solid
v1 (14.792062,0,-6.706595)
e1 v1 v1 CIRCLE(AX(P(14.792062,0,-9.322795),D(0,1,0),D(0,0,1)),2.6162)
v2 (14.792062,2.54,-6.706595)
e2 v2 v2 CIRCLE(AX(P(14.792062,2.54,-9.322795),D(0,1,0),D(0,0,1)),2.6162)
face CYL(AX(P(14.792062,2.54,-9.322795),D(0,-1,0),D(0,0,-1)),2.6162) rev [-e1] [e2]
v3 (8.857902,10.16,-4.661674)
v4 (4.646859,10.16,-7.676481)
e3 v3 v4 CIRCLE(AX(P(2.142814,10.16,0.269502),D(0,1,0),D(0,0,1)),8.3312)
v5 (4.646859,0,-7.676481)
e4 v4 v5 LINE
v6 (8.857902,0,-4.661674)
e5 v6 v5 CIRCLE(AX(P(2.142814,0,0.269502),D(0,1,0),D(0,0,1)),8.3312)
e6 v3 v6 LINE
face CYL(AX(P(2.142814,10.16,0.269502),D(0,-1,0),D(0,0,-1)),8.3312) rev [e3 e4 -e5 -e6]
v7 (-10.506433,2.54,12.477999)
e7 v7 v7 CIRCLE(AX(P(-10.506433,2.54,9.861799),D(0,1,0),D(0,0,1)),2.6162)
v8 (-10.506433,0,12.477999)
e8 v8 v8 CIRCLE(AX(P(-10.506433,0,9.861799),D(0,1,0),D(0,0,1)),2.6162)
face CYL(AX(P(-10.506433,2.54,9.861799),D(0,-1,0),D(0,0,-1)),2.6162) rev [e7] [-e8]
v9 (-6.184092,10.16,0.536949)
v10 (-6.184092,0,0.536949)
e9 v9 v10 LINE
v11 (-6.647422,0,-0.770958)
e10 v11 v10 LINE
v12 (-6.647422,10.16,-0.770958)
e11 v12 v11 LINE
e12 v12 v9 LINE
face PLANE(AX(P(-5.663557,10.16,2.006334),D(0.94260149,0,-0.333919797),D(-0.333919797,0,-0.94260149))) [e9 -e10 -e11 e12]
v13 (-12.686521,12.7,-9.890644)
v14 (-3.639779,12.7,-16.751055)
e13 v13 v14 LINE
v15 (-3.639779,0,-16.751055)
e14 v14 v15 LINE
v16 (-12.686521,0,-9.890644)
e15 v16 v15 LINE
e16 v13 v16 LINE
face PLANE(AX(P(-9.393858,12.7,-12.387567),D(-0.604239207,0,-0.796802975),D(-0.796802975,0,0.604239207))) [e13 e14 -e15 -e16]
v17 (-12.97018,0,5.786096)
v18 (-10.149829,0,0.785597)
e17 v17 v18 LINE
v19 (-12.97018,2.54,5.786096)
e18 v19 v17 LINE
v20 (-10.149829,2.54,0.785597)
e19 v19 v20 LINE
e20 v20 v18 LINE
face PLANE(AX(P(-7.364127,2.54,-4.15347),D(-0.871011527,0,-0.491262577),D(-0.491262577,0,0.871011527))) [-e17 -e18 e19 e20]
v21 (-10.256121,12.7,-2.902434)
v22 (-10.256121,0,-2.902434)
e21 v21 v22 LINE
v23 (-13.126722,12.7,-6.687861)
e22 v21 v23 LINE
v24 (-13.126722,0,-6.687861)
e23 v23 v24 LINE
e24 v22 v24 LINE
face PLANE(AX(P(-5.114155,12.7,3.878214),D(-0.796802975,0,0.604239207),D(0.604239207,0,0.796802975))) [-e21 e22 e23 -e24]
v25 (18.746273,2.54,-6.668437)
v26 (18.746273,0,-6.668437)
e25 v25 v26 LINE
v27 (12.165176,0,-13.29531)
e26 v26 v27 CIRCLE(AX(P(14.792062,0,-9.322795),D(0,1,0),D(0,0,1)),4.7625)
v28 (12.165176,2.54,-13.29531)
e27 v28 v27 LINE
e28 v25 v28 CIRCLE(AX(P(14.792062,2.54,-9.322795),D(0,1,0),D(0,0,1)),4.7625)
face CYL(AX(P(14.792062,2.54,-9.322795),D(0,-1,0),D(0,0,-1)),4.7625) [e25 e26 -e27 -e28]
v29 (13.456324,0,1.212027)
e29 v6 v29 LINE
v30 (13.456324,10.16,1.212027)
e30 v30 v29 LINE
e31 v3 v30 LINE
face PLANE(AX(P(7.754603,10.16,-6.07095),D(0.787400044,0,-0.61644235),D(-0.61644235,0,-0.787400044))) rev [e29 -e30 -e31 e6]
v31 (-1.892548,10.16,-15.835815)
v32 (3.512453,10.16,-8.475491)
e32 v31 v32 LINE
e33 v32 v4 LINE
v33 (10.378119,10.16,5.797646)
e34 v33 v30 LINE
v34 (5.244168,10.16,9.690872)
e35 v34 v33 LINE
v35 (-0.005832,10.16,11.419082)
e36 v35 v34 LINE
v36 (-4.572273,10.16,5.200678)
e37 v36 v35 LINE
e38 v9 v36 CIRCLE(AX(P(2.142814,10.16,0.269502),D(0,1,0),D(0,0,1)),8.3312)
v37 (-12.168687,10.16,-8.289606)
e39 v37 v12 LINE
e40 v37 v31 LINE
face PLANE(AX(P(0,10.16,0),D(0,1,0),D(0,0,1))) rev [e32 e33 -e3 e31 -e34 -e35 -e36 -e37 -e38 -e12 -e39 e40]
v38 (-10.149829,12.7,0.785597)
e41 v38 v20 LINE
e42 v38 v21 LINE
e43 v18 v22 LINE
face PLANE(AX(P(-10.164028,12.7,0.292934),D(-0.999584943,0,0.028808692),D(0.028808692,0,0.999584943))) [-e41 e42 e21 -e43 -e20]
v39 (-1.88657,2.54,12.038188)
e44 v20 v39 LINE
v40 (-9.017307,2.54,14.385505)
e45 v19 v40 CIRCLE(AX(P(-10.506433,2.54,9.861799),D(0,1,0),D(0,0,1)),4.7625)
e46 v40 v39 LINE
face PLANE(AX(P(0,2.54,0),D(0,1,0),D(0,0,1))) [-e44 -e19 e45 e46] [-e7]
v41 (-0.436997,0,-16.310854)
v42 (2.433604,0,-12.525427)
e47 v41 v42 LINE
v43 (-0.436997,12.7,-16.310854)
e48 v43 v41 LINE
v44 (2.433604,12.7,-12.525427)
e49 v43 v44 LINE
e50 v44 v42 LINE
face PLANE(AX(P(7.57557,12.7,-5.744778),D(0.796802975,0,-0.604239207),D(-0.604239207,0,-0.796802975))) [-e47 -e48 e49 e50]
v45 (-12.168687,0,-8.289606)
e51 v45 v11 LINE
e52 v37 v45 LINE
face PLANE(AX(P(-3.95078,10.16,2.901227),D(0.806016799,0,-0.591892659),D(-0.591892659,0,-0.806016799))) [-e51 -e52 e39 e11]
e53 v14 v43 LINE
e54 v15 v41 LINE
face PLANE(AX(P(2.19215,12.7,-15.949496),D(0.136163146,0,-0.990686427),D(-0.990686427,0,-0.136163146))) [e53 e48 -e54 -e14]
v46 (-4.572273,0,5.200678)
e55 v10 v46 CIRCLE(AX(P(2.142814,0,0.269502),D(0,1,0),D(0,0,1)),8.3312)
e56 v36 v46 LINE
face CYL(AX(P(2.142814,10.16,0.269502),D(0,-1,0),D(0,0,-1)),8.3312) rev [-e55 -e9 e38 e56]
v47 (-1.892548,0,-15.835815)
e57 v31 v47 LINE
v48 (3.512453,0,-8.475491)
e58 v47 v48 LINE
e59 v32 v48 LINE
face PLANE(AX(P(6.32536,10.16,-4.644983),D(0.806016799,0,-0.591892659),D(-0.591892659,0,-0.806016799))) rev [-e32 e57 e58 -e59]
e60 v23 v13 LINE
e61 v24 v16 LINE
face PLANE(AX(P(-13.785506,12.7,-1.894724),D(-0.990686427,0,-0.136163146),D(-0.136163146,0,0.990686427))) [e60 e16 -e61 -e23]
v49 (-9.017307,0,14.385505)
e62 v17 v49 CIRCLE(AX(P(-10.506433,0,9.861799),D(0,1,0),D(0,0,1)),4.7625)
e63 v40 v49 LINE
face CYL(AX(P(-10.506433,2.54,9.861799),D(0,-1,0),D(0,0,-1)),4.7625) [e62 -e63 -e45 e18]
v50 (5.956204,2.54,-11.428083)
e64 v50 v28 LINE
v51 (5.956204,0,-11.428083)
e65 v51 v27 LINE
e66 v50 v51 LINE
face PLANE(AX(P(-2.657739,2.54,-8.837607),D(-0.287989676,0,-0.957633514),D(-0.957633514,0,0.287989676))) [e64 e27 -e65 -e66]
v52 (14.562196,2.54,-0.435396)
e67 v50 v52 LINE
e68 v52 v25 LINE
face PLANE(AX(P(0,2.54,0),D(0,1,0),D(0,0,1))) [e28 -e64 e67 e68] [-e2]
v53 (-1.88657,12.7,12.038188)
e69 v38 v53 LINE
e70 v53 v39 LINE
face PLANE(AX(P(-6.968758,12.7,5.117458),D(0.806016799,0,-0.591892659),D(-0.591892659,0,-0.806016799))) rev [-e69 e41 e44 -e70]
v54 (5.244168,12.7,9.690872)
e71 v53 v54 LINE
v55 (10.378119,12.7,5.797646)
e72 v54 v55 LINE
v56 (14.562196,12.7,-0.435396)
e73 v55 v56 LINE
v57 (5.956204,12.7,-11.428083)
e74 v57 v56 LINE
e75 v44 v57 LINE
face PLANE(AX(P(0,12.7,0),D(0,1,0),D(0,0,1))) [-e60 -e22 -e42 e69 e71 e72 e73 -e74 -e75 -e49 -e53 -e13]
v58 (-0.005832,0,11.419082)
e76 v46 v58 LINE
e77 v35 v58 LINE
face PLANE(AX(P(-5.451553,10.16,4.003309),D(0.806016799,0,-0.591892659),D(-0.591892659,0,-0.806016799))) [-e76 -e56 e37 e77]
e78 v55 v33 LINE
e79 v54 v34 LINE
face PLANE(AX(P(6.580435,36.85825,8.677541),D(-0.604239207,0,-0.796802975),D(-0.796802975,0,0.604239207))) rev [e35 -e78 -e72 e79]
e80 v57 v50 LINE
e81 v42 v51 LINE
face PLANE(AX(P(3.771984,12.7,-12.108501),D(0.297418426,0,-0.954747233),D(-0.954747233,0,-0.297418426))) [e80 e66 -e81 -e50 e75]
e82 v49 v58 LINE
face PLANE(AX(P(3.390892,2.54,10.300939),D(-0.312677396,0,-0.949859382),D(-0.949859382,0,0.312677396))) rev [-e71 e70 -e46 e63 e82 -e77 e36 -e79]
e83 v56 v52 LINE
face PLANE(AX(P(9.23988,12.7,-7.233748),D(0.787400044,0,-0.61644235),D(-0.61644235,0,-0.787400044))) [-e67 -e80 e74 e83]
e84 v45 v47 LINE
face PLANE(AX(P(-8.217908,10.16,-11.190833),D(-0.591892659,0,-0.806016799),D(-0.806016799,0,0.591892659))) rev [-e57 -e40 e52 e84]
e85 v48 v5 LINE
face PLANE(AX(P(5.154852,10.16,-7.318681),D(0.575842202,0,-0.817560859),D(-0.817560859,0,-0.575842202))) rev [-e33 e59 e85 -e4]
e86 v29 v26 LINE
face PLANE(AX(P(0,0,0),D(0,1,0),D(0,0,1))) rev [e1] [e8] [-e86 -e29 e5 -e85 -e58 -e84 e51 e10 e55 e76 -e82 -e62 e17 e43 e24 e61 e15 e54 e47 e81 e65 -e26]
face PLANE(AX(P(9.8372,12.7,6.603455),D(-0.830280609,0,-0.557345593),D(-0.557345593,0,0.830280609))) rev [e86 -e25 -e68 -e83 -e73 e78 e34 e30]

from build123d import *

# Parameters (mm, degrees)
SKETCH1_R             = 2.6162
BOSS_EXTRUDE1_DEPTH   = 2.54
BOSS_EXTRUDE1_2_DEPTH = 2.54
BOSS_EXTRUDE2_DEPTH   = 12.7
BOSS_EXTRUDE3_DEPTH   = 12.7
CUT_EXTRUDE1_DEPTH    = 10.16
BOSS_EXTRUDE5_DEPTH   = 12.7
CUT_EXTRUDE2_DEPTH    = 10.16


with BuildPart() as part:
    # Sketch1 → Boss-Extrude1 (new body)
    with BuildSketch(Plane(origin=(0, 0, 0), x_dir=(1, 0, 0), z_dir=(0, 1, 0))):
        with BuildLine():
            Line((-10.149829081, -0.78559745), (-12.970179614, -5.786096043))
            ThreePointArc((-12.970179614, -5.786096043), (-14.833663899, -11.850889023), (-9.017306722, -14.385504725))
            Line((-9.017306722, -14.385504725), (-1.886569513, -12.038188494))
            Line((-1.886569513, -12.038188494), (-10.149829081, -0.78559745))
        make_face()
        with Locations((-10.506432822, -9.861799418)):
            Circle(SKETCH1_R, mode=Mode.SUBTRACT)
    extrude(amount=BOSS_EXTRUDE1_DEPTH)



with BuildPart() as body_2:
    # Sketch1 → Boss-Extrude1 2 (new body)
    with BuildSketch(Plane(origin=(0, 0, 0), x_dir=(1, 0, 0), z_dir=(0, 1, 0))):
        with BuildLine():
            Line((5.95620443, 11.428082994), (14.562195858, 0.435395631))
            Line((14.562195858, 0.435395631), (18.746273034, 6.66843701))
            ThreePointArc((18.746273034, 6.66843701), (18.171308738, 12.678699935), (12.165175551, 13.29531044))
            Line((12.165175551, 13.29531044), (5.95620443, 11.428082994))
        make_face()
        with Locations((14.792061634, 9.322795398)):
            Circle(SKETCH1_R, mode=Mode.SUBTRACT)
    extrude(amount=BOSS_EXTRUDE1_2_DEPTH)


with BuildPart() as part_1:
    add(part.part)

    add(body_2.part)  # Boss-Extrude2 merges body 2
    # Sketch1<5> → Boss-Extrude2 (add)
    with BuildSketch(Plane(origin=(0, 0, 0), x_dir=(1, 0, 0), z_dir=(0, 1, 0))):
        with BuildLine():
            Line((-10.256120569, 2.902434291), (-10.149829081, -0.78559745))
            Line((-10.149829081, -0.78559745), (-1.886569513, -12.038188494))
            Line((-1.886569513, -12.038188494), (-0.005832357, -11.419082121))
            Line((-0.005832357, -11.419082121), (-4.572272753, -5.200678127))
            ThreePointArc((-4.572272753, -5.200678127), (-5.731382948, -2.990882077), (-6.18409173, -0.536948544))
            Line((-6.18409173, -0.536948544), (-6.647421935, 0.770957563))
            Line((-6.647421935, 0.770957563), (-12.168687381, 8.289605816))
            Line((-12.168687381, 8.289605816), (-1.892547948, 15.835815142))
            Line((-1.892547948, 15.835815142), (3.512453439, 8.475490841))
            Line((3.512453439, 8.475490841), (4.646859497, 7.676481354))
            ThreePointArc((4.646859497, 7.676481354), (6.992594353, 6.504605156), (8.857901564, 4.661674107))
            Line((8.857901564, 4.661674107), (13.456324189, -1.212027104))
            Line((13.456324189, -1.212027104), (14.562195858, 0.435395631))
            Line((14.562195858, 0.435395631), (5.95620443, 11.428082994))
            Line((5.95620443, 11.428082994), (2.433604251, 12.525427051))
            Line((2.433604251, 12.525427051), (-0.436996693, 16.310853991))
            Line((-0.436996693, 16.310853991), (-3.639779121, 16.751054765))
            Line((-3.639779121, 16.751054765), (-12.686520738, 9.890643659))
            Line((-12.686520738, 9.890643659), (-13.126721512, 6.687861232))
            Line((-13.126721512, 6.687861232), (-10.256120569, 2.902434291))
        make_face()
    extrude(amount=BOSS_EXTRUDE2_DEPTH)

    # Sketch1<6> → Boss-Extrude3 (add)
    with BuildSketch(Plane(origin=(0, 0, 0), x_dir=(1, 0, 0), z_dir=(0, 1, 0))):
        with BuildLine():
            Line((-6.647421935, 0.770957563), (-6.18409173, -0.536948544))
            ThreePointArc((-6.18409173, -0.536948544), (7.176852085, -6.907826955), (4.646859497, 7.676481354))
            Line((4.646859497, 7.676481354), (3.512453439, 8.475490841))
            Line((3.512453439, 8.475490841), (-1.892547948, 15.835815142))
            Line((-1.892547948, 15.835815142), (-12.168687381, 8.289605816))
            Line((-12.168687381, 8.289605816), (-6.647421935, 0.770957563))
        make_face()
    extrude(amount=BOSS_EXTRUDE3_DEPTH)

    # Sketch1<8> → Cut-Extrude1 (cut)
    with BuildSketch(Plane(origin=(0, 0, 0), x_dir=(1, 0, 0), z_dir=(0, 1, 0))):
        with BuildLine():
            Line((-6.647421935, 0.770957563), (-6.18409173, -0.536948544))
            ThreePointArc((-6.18409173, -0.536948544), (7.176852085, -6.907826955), (4.646859497, 7.676481354))
            Line((4.646859497, 7.676481354), (3.512453439, 8.475490841))
            Line((3.512453439, 8.475490841), (-1.892547948, 15.835815142))
            Line((-1.892547948, 15.835815142), (-12.168687381, 8.289605816))
            Line((-12.168687381, 8.289605816), (-6.647421935, 0.770957563))
        make_face()
    extrude(amount=CUT_EXTRUDE1_DEPTH, mode=Mode.SUBTRACT)

    # Sketch1<9> → Boss-Extrude5 (add)
    with BuildSketch(Plane(origin=(0, 0, 0), x_dir=(1, 0, 0), z_dir=(0, 1, 0))):
        with BuildLine():
            Line((-4.572272753, -5.200678127), (-0.005832357, -11.419082121))
            Line((-0.005832357, -11.419082121), (5.244167697, -9.690872263))
            Line((5.244167697, -9.690872263), (10.378118681, -5.797645747))
            Line((10.378118681, -5.797645747), (13.456324189, -1.212027104))
            Line((13.456324189, -1.212027104), (8.857901564, 4.661674107))
            ThreePointArc((8.857901564, 4.661674107), (7.073990523, -6.984589168), (-4.572272753, -5.200678127))
        make_face()
    extrude(amount=BOSS_EXTRUDE5_DEPTH)

    # Sketch1<11> → Cut-Extrude2 (cut)
    with BuildSketch(Plane(origin=(0, 0, 0), x_dir=(1, 0, 0), z_dir=(0, 1, 0))):
        with BuildLine():
            Line((-4.572272753, -5.200678127), (-0.005832357, -11.419082121))
            Line((-0.005832357, -11.419082121), (5.244167697, -9.690872263))
            Line((5.244167697, -9.690872263), (10.378118681, -5.797645747))
            Line((10.378118681, -5.797645747), (13.456324189, -1.212027104))
            Line((13.456324189, -1.212027104), (8.857901564, 4.661674107))
            ThreePointArc((8.857901564, 4.661674107), (7.073990523, -6.984589168), (-4.572272753, -5.200678127))
        make_face()
    extrude(amount=CUT_EXTRUDE2_DEPTH, mode=Mode.SUBTRACT)


solid = part_1.part
